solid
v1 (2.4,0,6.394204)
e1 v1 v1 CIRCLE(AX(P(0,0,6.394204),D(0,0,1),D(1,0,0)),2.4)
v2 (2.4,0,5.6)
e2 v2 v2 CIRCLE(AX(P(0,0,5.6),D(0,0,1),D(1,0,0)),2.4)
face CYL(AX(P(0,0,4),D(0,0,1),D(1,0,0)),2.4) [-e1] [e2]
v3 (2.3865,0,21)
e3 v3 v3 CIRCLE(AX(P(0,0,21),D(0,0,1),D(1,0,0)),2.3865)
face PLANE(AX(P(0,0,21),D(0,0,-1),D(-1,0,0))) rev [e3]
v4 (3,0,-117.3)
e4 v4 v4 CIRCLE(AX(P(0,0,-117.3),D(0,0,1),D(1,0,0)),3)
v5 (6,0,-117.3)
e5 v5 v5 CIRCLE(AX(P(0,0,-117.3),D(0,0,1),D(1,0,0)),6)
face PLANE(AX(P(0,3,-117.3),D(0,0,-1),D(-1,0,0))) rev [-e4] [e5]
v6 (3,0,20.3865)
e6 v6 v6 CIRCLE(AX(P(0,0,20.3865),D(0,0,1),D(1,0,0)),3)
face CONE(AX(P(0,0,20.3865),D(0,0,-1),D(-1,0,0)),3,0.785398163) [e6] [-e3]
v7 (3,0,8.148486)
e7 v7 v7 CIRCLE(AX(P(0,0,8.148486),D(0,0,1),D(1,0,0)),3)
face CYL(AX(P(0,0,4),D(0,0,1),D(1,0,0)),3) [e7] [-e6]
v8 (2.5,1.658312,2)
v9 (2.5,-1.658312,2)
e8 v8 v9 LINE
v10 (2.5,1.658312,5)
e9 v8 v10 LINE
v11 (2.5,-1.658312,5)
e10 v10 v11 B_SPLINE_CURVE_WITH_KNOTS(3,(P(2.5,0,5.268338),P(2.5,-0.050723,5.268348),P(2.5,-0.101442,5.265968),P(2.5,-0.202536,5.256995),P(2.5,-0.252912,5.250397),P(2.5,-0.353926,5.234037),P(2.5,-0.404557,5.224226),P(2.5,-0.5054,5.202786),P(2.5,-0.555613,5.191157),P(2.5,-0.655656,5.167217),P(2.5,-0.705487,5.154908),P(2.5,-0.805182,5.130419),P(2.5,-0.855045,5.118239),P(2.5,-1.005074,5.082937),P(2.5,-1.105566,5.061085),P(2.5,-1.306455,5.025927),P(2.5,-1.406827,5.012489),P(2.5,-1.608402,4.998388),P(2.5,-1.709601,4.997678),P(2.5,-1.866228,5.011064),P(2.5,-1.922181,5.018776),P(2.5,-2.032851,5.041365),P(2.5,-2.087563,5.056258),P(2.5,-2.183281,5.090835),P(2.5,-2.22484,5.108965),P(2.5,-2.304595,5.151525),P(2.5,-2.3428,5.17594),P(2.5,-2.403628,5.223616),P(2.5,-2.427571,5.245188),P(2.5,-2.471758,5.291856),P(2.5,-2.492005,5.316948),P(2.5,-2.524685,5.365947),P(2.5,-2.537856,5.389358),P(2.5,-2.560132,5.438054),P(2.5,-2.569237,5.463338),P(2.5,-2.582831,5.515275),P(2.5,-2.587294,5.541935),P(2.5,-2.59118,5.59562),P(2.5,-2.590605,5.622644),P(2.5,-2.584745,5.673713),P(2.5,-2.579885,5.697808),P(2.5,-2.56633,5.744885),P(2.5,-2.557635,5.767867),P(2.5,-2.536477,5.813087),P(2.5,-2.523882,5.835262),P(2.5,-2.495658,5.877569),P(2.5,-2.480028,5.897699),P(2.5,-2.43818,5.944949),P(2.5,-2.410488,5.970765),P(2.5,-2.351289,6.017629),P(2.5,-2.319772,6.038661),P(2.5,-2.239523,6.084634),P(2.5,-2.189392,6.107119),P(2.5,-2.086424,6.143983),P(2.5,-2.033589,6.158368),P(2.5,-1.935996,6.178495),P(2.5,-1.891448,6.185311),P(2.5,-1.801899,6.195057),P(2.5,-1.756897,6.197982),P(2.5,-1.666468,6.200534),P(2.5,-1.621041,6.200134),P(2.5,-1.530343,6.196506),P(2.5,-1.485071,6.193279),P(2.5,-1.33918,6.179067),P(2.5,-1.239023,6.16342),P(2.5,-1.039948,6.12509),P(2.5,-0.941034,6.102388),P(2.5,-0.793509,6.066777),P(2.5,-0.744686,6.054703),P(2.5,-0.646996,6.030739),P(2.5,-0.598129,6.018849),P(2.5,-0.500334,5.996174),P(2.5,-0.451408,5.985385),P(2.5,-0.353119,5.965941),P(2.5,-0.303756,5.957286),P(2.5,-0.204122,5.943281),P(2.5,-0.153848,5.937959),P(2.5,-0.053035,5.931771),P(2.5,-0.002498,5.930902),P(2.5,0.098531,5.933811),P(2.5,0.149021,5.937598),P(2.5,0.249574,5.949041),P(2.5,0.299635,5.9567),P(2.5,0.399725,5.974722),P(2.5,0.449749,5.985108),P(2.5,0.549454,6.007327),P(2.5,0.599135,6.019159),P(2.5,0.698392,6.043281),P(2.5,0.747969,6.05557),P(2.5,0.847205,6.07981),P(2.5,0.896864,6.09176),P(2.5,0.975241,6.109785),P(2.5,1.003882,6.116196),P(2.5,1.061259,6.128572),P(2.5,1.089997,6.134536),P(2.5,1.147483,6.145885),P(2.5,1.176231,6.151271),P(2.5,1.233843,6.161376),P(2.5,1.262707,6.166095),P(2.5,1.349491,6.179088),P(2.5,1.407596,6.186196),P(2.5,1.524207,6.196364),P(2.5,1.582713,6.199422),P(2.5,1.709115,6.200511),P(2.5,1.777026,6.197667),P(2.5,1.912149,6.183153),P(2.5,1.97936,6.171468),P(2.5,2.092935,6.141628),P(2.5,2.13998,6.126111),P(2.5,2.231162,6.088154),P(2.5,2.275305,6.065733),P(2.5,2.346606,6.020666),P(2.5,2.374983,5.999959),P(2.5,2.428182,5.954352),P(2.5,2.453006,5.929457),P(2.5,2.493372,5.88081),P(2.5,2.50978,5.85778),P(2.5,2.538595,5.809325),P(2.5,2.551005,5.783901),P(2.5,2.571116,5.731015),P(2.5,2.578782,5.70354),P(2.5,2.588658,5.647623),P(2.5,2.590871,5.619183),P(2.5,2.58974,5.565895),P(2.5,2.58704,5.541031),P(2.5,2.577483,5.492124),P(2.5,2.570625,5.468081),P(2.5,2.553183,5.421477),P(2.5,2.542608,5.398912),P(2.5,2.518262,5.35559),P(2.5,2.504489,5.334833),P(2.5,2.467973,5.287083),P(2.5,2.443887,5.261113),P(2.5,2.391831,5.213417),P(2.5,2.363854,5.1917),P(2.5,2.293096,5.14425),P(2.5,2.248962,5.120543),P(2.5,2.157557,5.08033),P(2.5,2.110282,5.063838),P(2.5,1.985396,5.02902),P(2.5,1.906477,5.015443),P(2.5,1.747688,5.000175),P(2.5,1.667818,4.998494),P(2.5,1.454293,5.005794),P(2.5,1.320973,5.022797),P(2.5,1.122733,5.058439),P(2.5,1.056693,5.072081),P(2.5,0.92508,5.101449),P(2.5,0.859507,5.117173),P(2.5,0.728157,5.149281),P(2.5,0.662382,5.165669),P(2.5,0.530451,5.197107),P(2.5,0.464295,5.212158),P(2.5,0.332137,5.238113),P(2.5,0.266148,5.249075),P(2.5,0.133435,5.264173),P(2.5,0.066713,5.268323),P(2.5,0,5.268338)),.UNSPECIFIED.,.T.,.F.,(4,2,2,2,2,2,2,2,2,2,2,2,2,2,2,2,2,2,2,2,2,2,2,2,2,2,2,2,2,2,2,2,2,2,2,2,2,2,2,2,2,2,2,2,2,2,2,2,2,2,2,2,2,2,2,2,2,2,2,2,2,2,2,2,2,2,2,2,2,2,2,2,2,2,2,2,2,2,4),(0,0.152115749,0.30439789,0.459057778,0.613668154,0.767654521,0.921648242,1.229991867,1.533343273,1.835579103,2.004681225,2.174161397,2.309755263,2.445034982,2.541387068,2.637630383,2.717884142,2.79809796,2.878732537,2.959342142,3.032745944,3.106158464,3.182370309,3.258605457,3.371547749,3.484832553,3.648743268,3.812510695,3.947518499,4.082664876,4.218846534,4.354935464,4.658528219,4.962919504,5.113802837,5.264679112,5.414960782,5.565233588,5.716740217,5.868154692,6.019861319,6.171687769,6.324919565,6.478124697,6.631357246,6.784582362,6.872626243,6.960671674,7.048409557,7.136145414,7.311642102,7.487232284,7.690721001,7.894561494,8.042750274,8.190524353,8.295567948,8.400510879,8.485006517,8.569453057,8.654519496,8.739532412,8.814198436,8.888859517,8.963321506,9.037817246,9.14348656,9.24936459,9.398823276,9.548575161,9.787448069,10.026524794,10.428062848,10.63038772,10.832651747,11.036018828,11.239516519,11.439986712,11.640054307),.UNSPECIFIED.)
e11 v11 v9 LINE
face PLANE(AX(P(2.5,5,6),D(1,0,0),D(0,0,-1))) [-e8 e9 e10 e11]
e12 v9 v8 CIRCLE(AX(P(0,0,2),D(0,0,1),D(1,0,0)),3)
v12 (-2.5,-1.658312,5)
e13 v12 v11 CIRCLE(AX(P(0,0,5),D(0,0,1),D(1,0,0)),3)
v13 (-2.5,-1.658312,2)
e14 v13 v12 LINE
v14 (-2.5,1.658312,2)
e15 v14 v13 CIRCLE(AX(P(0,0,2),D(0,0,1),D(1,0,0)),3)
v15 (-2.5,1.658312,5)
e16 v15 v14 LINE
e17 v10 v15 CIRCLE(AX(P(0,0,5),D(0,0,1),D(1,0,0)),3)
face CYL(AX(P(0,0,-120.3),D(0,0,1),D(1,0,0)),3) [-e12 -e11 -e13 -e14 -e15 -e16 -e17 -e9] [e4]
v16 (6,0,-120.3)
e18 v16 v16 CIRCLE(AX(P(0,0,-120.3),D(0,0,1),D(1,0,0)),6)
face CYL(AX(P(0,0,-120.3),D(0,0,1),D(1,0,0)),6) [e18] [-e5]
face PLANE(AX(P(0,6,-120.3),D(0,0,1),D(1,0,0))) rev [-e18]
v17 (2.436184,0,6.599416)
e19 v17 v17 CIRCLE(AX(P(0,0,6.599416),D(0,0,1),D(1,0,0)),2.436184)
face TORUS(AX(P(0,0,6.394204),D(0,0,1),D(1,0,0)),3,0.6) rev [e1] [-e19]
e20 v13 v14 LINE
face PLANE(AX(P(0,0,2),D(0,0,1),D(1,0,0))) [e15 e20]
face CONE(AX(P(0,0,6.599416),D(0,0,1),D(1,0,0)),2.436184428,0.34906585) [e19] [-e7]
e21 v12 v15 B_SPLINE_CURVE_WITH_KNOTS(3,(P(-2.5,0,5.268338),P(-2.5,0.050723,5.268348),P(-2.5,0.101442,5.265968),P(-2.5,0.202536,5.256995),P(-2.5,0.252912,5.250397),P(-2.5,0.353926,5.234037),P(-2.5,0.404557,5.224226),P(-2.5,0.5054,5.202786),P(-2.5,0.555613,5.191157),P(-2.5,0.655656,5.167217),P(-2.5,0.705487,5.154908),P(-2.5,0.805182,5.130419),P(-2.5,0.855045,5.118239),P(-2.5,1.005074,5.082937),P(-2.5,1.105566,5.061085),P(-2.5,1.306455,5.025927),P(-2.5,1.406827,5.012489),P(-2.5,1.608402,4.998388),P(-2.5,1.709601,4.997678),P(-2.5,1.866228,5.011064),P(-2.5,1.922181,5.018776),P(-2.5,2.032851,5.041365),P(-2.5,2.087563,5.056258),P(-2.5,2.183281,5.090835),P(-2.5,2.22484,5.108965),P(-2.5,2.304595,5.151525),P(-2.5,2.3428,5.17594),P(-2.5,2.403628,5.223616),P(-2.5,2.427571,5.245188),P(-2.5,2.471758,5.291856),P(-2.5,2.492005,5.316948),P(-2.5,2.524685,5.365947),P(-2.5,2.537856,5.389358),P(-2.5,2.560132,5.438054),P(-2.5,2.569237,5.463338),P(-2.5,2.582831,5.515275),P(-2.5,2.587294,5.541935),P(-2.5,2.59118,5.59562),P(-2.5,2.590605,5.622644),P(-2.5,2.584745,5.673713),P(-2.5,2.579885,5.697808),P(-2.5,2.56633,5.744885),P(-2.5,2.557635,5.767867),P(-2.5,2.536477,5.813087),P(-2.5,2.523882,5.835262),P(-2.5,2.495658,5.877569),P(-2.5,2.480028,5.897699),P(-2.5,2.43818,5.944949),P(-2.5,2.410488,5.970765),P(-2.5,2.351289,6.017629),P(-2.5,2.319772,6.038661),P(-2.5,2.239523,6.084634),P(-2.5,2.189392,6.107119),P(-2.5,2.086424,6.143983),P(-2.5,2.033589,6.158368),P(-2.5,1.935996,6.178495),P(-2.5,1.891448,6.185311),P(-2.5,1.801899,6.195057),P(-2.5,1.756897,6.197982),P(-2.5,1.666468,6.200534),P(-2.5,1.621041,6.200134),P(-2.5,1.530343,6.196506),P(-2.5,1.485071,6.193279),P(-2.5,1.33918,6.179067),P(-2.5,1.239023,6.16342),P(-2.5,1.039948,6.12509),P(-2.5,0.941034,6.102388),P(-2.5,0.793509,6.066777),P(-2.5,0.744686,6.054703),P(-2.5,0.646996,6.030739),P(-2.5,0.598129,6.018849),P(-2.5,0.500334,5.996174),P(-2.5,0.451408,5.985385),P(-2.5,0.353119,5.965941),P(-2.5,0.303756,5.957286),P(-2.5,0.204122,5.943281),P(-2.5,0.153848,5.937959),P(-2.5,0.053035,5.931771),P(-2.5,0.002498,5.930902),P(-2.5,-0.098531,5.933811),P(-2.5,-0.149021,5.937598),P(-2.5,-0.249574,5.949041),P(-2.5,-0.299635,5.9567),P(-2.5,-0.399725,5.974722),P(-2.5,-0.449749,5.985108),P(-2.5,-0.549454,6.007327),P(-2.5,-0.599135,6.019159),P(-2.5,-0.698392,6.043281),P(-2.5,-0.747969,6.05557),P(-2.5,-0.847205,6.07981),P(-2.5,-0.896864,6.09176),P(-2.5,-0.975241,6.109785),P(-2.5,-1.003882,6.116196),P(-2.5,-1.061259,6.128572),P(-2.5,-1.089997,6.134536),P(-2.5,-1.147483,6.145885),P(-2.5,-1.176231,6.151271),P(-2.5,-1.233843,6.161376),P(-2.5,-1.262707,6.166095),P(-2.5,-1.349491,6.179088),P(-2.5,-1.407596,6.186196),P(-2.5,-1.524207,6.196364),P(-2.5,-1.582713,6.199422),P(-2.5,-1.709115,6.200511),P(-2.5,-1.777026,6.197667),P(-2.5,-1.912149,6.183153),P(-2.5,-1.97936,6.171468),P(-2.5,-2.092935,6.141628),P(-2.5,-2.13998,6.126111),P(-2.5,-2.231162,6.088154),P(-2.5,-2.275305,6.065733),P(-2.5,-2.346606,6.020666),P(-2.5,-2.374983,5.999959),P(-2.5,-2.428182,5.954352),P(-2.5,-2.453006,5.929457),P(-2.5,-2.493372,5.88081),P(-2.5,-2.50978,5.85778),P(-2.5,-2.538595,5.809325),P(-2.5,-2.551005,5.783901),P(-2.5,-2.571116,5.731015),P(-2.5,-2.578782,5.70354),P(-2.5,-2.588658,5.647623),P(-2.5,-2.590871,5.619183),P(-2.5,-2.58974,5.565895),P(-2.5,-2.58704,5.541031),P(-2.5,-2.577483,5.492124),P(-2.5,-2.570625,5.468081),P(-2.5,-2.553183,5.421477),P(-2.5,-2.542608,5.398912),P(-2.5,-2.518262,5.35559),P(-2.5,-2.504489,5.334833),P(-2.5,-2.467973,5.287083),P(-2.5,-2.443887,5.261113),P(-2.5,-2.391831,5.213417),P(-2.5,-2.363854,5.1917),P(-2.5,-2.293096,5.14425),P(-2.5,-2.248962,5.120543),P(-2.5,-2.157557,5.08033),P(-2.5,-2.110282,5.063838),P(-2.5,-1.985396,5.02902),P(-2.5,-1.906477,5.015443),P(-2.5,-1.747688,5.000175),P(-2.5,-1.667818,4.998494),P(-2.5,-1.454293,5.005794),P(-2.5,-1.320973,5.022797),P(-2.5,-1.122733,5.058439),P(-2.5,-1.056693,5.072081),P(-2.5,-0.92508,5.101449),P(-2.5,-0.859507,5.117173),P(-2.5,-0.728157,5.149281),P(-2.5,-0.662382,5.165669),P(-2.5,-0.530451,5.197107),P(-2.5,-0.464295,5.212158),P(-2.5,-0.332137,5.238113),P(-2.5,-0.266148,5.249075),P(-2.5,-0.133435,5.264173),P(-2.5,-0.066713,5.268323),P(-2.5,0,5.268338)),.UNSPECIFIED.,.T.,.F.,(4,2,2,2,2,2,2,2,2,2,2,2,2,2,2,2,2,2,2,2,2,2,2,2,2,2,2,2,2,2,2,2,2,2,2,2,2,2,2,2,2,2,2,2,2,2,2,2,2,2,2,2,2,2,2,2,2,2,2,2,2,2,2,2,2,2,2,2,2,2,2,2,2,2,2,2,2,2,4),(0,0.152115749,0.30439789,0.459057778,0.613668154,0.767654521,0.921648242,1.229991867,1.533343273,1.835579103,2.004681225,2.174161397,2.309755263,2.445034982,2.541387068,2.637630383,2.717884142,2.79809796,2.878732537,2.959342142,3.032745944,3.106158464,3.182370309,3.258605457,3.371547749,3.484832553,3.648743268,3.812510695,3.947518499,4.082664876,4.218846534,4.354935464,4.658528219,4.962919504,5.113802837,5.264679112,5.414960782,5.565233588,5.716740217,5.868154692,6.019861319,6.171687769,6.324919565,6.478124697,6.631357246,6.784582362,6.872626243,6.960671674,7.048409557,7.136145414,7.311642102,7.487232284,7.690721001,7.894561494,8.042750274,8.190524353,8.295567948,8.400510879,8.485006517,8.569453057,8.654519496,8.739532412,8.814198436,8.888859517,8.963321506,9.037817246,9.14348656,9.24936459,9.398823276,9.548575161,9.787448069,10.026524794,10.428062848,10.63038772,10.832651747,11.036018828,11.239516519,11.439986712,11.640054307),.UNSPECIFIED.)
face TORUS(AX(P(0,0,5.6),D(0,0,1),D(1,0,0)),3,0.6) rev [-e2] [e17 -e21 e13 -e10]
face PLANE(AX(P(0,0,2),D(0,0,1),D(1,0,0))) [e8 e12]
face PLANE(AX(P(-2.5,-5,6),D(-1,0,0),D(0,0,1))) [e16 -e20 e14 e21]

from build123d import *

# Parameters (mm, degrees)
CUT_EXTRUDE1_DEPTH = 4


with BuildPart() as part:
    # Sketch1 → Revolve1 (revolve)
    with BuildSketch(Plane(origin=(0, 0, 0), x_dir=(0, 0, -1), z_dir=(1, 0, 0))):
        Polygon((-5, 0), (-5, 3), (117.3, 3), (117.3, 6), (120.3, 6), (120.3, 0), align=None)
    revolve(axis=Axis((0, 0, -120.3), (0, 0, 1)))

    # Sketch2 → Revolve2 (revolve)
    with BuildSketch(Plane(origin=(0, 0, 0), x_dir=(0, 0, -1), z_dir=(1, 0, 0))):
        with BuildLine():
            Line((-21, 0), (-21, 2.3865))
            Line((-21, 2.3865), (-20.3865, 3))
            Line((-20.3865, 3), (-8.148486452, 3))
            Line((-8.148486452, 3), (-6.599415898, 2.436184428))
            ThreePointArc((-6.599415898, 2.436184428), (-6.498392718, 2.409115348), (-6.394203812, 2.4))
            Line((-6.394203812, 2.4), (-5.6, 2.4))
            ThreePointArc((-5.6, 2.4), (-5.175735931, 2.575735931), (-5, 3))
            Line((-5, 3), (-4, 3))
            Line((-4, 3), (-4, 0))
            Line((-4, 0), (-21, 0))
        make_face()
    revolve(axis=Axis((0, 0, 4), (0, 0, 1)))

    # Sketch3 → Cut-Extrude1 (cut)
    with BuildSketch(Plane.XY.offset(2)):
        Polygon((-5, 10), (-5, -5), (-2.5, -5), (-2.5, 5), (2.5, 5), (2.5, -5), (5, -5), (5, 10), align=None)
    extrude(amount=CUT_EXTRUDE1_DEPTH, mode=Mode.SUBTRACT)


solid = part.part
